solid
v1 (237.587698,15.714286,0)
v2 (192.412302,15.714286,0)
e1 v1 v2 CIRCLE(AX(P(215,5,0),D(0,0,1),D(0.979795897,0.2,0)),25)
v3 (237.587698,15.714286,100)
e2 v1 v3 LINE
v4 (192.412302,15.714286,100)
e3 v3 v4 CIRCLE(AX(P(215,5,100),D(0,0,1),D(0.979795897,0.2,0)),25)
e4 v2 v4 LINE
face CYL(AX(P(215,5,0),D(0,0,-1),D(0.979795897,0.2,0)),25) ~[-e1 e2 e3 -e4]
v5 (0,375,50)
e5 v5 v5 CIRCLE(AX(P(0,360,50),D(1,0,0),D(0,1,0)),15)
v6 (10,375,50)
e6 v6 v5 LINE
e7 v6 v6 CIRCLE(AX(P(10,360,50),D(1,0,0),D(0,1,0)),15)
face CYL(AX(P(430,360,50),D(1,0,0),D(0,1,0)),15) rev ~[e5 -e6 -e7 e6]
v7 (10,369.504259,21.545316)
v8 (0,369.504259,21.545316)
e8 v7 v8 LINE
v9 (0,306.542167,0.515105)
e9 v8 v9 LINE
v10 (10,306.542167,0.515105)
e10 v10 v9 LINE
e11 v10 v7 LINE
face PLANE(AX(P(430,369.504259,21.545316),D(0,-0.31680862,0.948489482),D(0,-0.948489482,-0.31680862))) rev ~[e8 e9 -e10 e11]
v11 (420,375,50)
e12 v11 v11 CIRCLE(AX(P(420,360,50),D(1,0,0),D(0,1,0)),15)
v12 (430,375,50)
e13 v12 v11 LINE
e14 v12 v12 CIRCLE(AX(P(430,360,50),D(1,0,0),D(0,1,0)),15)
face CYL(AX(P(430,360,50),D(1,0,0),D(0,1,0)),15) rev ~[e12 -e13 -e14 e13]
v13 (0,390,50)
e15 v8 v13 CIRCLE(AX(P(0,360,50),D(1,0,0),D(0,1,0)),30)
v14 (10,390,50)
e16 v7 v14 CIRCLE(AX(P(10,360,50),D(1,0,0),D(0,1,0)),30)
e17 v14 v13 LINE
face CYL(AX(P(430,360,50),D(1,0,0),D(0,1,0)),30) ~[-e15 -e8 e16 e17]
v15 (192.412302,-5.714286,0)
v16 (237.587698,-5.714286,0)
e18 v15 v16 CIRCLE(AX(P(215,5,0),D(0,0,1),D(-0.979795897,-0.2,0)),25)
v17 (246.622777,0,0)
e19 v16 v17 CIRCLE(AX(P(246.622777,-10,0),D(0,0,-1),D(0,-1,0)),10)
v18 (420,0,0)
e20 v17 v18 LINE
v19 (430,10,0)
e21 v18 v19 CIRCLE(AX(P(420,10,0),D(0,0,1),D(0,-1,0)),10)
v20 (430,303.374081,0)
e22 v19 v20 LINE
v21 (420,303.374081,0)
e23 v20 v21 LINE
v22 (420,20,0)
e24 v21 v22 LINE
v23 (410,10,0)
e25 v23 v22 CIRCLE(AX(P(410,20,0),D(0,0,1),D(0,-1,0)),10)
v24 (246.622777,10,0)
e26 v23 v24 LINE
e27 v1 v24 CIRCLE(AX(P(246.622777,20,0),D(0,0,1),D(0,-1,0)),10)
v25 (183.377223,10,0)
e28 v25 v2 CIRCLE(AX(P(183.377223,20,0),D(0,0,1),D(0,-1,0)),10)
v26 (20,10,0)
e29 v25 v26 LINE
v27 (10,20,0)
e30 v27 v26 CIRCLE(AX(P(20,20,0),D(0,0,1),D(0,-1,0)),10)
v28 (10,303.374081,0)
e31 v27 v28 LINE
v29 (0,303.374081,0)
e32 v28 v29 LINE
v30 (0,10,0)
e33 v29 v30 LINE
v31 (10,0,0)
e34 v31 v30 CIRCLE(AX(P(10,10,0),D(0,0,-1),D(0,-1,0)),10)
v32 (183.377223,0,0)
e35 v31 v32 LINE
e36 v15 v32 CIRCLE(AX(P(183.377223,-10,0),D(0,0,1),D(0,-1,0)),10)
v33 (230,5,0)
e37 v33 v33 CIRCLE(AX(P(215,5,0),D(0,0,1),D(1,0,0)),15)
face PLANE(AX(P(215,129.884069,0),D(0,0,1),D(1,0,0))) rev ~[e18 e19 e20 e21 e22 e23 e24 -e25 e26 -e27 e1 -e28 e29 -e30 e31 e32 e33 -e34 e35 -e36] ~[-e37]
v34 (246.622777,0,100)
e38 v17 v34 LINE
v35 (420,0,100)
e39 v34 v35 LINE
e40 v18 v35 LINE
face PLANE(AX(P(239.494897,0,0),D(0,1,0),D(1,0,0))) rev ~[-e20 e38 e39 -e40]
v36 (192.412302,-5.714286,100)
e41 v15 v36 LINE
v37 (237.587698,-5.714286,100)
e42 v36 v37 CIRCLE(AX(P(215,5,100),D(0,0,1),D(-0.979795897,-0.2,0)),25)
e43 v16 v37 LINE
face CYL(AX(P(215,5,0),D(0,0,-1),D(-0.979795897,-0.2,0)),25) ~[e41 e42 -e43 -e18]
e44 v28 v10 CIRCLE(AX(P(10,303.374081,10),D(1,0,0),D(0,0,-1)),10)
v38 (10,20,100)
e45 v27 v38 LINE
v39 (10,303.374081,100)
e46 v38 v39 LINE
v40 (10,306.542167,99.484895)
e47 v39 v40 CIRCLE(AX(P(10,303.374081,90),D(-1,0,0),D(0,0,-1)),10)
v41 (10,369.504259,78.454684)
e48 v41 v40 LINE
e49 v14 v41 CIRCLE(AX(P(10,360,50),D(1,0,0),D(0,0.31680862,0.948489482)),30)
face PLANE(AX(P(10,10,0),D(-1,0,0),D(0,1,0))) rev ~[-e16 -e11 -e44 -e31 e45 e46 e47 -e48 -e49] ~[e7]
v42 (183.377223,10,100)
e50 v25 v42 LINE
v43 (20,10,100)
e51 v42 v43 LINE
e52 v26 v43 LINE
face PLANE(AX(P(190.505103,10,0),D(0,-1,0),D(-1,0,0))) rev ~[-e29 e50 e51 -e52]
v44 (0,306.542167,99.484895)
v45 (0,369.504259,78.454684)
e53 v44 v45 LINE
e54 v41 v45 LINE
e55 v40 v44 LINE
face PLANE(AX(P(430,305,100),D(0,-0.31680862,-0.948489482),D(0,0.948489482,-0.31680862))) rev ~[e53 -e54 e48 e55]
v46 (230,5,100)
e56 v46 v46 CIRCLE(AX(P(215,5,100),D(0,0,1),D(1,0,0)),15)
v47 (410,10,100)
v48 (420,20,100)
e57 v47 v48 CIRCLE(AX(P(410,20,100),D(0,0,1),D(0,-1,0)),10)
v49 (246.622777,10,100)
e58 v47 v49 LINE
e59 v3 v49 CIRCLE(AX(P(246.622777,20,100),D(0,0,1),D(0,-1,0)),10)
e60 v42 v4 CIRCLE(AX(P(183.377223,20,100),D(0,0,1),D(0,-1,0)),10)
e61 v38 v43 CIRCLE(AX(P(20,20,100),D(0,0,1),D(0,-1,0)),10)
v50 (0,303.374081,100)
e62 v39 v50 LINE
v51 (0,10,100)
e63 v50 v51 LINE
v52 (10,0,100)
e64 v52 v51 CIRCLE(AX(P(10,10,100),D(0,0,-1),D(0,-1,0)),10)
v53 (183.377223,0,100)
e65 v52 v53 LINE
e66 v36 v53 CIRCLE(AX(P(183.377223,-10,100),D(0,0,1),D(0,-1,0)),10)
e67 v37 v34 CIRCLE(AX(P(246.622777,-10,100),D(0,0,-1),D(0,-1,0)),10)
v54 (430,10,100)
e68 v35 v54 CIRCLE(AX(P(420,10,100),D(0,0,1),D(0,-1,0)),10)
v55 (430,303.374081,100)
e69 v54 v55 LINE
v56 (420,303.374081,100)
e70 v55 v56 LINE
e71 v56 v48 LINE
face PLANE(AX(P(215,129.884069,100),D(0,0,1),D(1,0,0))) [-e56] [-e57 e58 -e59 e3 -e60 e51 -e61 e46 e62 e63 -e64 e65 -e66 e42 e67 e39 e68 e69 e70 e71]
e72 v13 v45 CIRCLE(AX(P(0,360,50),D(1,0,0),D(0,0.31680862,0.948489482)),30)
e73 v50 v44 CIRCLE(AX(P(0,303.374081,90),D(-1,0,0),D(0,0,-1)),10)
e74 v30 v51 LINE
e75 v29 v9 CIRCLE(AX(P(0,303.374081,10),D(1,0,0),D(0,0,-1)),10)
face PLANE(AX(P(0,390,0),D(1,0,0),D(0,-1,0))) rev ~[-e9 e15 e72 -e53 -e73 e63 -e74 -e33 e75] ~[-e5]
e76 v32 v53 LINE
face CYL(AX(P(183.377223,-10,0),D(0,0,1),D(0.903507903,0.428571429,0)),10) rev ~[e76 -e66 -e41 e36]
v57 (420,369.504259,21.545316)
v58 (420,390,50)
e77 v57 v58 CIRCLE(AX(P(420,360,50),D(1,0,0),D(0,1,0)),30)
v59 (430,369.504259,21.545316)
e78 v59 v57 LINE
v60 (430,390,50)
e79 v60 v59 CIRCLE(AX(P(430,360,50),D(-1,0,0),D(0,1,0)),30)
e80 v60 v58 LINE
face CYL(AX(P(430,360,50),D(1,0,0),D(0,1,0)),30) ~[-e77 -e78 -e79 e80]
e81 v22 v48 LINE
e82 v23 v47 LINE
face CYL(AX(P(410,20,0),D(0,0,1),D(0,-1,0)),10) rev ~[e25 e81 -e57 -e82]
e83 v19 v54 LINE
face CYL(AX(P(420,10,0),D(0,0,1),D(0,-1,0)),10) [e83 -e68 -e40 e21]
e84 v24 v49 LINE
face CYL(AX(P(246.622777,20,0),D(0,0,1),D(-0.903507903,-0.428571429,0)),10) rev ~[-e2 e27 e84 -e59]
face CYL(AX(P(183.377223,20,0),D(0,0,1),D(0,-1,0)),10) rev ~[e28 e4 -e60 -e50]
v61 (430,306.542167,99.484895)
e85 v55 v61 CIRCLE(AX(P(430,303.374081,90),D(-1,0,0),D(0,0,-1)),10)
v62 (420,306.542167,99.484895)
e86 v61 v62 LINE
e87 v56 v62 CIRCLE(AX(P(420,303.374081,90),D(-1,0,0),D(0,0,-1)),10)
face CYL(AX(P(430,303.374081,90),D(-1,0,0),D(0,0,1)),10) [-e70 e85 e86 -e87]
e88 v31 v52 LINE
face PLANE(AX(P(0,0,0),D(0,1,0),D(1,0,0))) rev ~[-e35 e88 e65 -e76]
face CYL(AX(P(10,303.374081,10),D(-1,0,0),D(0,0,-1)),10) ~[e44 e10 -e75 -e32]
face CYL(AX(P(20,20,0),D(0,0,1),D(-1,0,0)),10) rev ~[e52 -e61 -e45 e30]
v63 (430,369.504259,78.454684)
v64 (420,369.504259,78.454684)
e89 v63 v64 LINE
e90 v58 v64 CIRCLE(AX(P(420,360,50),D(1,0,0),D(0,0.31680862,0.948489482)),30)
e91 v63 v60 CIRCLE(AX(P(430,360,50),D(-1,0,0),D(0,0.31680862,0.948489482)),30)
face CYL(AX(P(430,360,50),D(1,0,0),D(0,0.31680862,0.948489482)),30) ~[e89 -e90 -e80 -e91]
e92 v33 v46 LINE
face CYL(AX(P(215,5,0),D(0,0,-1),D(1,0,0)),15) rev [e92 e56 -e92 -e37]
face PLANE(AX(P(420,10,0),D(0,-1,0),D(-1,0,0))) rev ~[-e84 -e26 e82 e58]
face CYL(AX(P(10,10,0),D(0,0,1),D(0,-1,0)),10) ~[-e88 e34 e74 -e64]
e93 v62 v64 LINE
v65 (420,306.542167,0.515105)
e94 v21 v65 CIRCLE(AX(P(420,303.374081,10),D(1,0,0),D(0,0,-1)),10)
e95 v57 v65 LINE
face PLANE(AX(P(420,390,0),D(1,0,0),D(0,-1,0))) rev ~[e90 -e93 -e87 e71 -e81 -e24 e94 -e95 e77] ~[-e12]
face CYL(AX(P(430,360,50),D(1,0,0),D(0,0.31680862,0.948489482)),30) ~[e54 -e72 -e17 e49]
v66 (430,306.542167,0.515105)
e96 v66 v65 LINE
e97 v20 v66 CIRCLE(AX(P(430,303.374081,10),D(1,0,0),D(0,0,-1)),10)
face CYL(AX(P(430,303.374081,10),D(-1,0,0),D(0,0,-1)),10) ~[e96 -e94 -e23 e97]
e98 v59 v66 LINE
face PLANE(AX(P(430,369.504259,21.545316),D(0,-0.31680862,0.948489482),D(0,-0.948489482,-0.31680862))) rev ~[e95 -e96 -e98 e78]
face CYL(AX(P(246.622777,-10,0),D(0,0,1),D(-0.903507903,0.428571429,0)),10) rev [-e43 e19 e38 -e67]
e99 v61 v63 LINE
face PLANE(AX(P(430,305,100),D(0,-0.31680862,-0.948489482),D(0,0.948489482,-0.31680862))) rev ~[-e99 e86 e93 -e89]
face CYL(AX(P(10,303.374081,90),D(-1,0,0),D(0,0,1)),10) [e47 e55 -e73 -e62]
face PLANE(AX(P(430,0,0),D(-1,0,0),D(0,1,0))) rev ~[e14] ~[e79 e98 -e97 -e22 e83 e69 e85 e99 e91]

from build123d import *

# Parameters (mm, degrees)
ESQUISSE1_R             = 15
BOSS_EXTRU_1_DEPTH      = 100
ESQUISSE2_R             = 15
ENL_V_MAT_EXTRU_1_DEPTH = 590.067059001
CONG_1_R                = 10


with BuildPart() as part:
    # Esquisse1 → Boss.-Extru.1 (new body)
    with BuildSketch(Plane.XY):
        with BuildLine():
            Line((10, 0), (190.505102572, 0))
            ThreePointArc((190.505102572, 0), (215, -20), (239.494897428, 0))
            Line((239.494897428, 0), (420, 0))
            Line((420, 0), (430, 0))
            Line((430, 0), (430, 390))
            Line((430, 390), (420, 390))
            Line((420, 390), (420, 10))
            Line((420, 10), (239.494897428, 10))
            ThreePointArc((239.494897428, 10), (215, 30), (190.505102572, 10))
            Line((190.505102572, 10), (10, 10))
            Line((10, 10), (10, 390))
            Line((10, 390), (0, 390))
            Line((0, 390), (0, 0))
            Line((0, 0), (10, 0))
        make_face()
        with Locations((215, 5)):
            Circle(ESQUISSE1_R, mode=Mode.SUBTRACT)
    extrude(amount=BOSS_EXTRU_1_DEPTH)

    # Esquisse2 → Enlèv. mat.-Extru.1 (cut, through all)
    with BuildSketch(Plane(origin=(430, 0, 0), x_dir=(0, 0, -1), z_dir=(1, 0, 0))):
        with BuildLine():
            Line((-100, 305), (-78.45468447, 369.504258609))
            ThreePointArc((-78.45468447, 369.504258609), (-67.533856417, 384.342635008), (-50, 390))
            Line((-50, 390), (-100, 390))
            Line((-100, 390), (-100, 305))
        make_face()
        Polygon((-120.94696684, 305), (-100, 305), (-100, 390), (-50, 390), (0, 390), (0, 305), (20.94696684, 305), (20.94696684, 555.583179512), (-120.94696684, 555.583179512), align=None)
        with BuildLine():
            Line((0, 390), (-50, 390))
            ThreePointArc((-50, 390), (-32.466143583, 384.342635008), (-21.54531553, 369.504258609))
            Line((-21.54531553, 369.504258609), (0, 305))
            Line((0, 305), (0, 390))
        make_face()
        with Locations(Location((-50, 360, 0), (0, 0, 90))):
            Circle(ESQUISSE2_R)
    extrude(amount=-ENL_V_MAT_EXTRU_1_DEPTH, mode=Mode.SUBTRACT)

    # Congé1
    cong_1_edges = [part.edges().sort_by_distance(p)[0] for p in [
        (0, 0, 50),
        (10, 10, 50),
        (190.505102572, 10, 50),
        (239.494897428, 10, 50),
        (420, 10, 50),
        (430, 0, 50),
        (239.494897428, 0, 50),
        (190.505102572, 0, 50),
        (425, 305, 0),
        (425, 305, 100),
        (5, 305, 100),
        (5, 305, 0),
    ]]
    fillet(cong_1_edges, radius=CONG_1_R)


solid = part.part
